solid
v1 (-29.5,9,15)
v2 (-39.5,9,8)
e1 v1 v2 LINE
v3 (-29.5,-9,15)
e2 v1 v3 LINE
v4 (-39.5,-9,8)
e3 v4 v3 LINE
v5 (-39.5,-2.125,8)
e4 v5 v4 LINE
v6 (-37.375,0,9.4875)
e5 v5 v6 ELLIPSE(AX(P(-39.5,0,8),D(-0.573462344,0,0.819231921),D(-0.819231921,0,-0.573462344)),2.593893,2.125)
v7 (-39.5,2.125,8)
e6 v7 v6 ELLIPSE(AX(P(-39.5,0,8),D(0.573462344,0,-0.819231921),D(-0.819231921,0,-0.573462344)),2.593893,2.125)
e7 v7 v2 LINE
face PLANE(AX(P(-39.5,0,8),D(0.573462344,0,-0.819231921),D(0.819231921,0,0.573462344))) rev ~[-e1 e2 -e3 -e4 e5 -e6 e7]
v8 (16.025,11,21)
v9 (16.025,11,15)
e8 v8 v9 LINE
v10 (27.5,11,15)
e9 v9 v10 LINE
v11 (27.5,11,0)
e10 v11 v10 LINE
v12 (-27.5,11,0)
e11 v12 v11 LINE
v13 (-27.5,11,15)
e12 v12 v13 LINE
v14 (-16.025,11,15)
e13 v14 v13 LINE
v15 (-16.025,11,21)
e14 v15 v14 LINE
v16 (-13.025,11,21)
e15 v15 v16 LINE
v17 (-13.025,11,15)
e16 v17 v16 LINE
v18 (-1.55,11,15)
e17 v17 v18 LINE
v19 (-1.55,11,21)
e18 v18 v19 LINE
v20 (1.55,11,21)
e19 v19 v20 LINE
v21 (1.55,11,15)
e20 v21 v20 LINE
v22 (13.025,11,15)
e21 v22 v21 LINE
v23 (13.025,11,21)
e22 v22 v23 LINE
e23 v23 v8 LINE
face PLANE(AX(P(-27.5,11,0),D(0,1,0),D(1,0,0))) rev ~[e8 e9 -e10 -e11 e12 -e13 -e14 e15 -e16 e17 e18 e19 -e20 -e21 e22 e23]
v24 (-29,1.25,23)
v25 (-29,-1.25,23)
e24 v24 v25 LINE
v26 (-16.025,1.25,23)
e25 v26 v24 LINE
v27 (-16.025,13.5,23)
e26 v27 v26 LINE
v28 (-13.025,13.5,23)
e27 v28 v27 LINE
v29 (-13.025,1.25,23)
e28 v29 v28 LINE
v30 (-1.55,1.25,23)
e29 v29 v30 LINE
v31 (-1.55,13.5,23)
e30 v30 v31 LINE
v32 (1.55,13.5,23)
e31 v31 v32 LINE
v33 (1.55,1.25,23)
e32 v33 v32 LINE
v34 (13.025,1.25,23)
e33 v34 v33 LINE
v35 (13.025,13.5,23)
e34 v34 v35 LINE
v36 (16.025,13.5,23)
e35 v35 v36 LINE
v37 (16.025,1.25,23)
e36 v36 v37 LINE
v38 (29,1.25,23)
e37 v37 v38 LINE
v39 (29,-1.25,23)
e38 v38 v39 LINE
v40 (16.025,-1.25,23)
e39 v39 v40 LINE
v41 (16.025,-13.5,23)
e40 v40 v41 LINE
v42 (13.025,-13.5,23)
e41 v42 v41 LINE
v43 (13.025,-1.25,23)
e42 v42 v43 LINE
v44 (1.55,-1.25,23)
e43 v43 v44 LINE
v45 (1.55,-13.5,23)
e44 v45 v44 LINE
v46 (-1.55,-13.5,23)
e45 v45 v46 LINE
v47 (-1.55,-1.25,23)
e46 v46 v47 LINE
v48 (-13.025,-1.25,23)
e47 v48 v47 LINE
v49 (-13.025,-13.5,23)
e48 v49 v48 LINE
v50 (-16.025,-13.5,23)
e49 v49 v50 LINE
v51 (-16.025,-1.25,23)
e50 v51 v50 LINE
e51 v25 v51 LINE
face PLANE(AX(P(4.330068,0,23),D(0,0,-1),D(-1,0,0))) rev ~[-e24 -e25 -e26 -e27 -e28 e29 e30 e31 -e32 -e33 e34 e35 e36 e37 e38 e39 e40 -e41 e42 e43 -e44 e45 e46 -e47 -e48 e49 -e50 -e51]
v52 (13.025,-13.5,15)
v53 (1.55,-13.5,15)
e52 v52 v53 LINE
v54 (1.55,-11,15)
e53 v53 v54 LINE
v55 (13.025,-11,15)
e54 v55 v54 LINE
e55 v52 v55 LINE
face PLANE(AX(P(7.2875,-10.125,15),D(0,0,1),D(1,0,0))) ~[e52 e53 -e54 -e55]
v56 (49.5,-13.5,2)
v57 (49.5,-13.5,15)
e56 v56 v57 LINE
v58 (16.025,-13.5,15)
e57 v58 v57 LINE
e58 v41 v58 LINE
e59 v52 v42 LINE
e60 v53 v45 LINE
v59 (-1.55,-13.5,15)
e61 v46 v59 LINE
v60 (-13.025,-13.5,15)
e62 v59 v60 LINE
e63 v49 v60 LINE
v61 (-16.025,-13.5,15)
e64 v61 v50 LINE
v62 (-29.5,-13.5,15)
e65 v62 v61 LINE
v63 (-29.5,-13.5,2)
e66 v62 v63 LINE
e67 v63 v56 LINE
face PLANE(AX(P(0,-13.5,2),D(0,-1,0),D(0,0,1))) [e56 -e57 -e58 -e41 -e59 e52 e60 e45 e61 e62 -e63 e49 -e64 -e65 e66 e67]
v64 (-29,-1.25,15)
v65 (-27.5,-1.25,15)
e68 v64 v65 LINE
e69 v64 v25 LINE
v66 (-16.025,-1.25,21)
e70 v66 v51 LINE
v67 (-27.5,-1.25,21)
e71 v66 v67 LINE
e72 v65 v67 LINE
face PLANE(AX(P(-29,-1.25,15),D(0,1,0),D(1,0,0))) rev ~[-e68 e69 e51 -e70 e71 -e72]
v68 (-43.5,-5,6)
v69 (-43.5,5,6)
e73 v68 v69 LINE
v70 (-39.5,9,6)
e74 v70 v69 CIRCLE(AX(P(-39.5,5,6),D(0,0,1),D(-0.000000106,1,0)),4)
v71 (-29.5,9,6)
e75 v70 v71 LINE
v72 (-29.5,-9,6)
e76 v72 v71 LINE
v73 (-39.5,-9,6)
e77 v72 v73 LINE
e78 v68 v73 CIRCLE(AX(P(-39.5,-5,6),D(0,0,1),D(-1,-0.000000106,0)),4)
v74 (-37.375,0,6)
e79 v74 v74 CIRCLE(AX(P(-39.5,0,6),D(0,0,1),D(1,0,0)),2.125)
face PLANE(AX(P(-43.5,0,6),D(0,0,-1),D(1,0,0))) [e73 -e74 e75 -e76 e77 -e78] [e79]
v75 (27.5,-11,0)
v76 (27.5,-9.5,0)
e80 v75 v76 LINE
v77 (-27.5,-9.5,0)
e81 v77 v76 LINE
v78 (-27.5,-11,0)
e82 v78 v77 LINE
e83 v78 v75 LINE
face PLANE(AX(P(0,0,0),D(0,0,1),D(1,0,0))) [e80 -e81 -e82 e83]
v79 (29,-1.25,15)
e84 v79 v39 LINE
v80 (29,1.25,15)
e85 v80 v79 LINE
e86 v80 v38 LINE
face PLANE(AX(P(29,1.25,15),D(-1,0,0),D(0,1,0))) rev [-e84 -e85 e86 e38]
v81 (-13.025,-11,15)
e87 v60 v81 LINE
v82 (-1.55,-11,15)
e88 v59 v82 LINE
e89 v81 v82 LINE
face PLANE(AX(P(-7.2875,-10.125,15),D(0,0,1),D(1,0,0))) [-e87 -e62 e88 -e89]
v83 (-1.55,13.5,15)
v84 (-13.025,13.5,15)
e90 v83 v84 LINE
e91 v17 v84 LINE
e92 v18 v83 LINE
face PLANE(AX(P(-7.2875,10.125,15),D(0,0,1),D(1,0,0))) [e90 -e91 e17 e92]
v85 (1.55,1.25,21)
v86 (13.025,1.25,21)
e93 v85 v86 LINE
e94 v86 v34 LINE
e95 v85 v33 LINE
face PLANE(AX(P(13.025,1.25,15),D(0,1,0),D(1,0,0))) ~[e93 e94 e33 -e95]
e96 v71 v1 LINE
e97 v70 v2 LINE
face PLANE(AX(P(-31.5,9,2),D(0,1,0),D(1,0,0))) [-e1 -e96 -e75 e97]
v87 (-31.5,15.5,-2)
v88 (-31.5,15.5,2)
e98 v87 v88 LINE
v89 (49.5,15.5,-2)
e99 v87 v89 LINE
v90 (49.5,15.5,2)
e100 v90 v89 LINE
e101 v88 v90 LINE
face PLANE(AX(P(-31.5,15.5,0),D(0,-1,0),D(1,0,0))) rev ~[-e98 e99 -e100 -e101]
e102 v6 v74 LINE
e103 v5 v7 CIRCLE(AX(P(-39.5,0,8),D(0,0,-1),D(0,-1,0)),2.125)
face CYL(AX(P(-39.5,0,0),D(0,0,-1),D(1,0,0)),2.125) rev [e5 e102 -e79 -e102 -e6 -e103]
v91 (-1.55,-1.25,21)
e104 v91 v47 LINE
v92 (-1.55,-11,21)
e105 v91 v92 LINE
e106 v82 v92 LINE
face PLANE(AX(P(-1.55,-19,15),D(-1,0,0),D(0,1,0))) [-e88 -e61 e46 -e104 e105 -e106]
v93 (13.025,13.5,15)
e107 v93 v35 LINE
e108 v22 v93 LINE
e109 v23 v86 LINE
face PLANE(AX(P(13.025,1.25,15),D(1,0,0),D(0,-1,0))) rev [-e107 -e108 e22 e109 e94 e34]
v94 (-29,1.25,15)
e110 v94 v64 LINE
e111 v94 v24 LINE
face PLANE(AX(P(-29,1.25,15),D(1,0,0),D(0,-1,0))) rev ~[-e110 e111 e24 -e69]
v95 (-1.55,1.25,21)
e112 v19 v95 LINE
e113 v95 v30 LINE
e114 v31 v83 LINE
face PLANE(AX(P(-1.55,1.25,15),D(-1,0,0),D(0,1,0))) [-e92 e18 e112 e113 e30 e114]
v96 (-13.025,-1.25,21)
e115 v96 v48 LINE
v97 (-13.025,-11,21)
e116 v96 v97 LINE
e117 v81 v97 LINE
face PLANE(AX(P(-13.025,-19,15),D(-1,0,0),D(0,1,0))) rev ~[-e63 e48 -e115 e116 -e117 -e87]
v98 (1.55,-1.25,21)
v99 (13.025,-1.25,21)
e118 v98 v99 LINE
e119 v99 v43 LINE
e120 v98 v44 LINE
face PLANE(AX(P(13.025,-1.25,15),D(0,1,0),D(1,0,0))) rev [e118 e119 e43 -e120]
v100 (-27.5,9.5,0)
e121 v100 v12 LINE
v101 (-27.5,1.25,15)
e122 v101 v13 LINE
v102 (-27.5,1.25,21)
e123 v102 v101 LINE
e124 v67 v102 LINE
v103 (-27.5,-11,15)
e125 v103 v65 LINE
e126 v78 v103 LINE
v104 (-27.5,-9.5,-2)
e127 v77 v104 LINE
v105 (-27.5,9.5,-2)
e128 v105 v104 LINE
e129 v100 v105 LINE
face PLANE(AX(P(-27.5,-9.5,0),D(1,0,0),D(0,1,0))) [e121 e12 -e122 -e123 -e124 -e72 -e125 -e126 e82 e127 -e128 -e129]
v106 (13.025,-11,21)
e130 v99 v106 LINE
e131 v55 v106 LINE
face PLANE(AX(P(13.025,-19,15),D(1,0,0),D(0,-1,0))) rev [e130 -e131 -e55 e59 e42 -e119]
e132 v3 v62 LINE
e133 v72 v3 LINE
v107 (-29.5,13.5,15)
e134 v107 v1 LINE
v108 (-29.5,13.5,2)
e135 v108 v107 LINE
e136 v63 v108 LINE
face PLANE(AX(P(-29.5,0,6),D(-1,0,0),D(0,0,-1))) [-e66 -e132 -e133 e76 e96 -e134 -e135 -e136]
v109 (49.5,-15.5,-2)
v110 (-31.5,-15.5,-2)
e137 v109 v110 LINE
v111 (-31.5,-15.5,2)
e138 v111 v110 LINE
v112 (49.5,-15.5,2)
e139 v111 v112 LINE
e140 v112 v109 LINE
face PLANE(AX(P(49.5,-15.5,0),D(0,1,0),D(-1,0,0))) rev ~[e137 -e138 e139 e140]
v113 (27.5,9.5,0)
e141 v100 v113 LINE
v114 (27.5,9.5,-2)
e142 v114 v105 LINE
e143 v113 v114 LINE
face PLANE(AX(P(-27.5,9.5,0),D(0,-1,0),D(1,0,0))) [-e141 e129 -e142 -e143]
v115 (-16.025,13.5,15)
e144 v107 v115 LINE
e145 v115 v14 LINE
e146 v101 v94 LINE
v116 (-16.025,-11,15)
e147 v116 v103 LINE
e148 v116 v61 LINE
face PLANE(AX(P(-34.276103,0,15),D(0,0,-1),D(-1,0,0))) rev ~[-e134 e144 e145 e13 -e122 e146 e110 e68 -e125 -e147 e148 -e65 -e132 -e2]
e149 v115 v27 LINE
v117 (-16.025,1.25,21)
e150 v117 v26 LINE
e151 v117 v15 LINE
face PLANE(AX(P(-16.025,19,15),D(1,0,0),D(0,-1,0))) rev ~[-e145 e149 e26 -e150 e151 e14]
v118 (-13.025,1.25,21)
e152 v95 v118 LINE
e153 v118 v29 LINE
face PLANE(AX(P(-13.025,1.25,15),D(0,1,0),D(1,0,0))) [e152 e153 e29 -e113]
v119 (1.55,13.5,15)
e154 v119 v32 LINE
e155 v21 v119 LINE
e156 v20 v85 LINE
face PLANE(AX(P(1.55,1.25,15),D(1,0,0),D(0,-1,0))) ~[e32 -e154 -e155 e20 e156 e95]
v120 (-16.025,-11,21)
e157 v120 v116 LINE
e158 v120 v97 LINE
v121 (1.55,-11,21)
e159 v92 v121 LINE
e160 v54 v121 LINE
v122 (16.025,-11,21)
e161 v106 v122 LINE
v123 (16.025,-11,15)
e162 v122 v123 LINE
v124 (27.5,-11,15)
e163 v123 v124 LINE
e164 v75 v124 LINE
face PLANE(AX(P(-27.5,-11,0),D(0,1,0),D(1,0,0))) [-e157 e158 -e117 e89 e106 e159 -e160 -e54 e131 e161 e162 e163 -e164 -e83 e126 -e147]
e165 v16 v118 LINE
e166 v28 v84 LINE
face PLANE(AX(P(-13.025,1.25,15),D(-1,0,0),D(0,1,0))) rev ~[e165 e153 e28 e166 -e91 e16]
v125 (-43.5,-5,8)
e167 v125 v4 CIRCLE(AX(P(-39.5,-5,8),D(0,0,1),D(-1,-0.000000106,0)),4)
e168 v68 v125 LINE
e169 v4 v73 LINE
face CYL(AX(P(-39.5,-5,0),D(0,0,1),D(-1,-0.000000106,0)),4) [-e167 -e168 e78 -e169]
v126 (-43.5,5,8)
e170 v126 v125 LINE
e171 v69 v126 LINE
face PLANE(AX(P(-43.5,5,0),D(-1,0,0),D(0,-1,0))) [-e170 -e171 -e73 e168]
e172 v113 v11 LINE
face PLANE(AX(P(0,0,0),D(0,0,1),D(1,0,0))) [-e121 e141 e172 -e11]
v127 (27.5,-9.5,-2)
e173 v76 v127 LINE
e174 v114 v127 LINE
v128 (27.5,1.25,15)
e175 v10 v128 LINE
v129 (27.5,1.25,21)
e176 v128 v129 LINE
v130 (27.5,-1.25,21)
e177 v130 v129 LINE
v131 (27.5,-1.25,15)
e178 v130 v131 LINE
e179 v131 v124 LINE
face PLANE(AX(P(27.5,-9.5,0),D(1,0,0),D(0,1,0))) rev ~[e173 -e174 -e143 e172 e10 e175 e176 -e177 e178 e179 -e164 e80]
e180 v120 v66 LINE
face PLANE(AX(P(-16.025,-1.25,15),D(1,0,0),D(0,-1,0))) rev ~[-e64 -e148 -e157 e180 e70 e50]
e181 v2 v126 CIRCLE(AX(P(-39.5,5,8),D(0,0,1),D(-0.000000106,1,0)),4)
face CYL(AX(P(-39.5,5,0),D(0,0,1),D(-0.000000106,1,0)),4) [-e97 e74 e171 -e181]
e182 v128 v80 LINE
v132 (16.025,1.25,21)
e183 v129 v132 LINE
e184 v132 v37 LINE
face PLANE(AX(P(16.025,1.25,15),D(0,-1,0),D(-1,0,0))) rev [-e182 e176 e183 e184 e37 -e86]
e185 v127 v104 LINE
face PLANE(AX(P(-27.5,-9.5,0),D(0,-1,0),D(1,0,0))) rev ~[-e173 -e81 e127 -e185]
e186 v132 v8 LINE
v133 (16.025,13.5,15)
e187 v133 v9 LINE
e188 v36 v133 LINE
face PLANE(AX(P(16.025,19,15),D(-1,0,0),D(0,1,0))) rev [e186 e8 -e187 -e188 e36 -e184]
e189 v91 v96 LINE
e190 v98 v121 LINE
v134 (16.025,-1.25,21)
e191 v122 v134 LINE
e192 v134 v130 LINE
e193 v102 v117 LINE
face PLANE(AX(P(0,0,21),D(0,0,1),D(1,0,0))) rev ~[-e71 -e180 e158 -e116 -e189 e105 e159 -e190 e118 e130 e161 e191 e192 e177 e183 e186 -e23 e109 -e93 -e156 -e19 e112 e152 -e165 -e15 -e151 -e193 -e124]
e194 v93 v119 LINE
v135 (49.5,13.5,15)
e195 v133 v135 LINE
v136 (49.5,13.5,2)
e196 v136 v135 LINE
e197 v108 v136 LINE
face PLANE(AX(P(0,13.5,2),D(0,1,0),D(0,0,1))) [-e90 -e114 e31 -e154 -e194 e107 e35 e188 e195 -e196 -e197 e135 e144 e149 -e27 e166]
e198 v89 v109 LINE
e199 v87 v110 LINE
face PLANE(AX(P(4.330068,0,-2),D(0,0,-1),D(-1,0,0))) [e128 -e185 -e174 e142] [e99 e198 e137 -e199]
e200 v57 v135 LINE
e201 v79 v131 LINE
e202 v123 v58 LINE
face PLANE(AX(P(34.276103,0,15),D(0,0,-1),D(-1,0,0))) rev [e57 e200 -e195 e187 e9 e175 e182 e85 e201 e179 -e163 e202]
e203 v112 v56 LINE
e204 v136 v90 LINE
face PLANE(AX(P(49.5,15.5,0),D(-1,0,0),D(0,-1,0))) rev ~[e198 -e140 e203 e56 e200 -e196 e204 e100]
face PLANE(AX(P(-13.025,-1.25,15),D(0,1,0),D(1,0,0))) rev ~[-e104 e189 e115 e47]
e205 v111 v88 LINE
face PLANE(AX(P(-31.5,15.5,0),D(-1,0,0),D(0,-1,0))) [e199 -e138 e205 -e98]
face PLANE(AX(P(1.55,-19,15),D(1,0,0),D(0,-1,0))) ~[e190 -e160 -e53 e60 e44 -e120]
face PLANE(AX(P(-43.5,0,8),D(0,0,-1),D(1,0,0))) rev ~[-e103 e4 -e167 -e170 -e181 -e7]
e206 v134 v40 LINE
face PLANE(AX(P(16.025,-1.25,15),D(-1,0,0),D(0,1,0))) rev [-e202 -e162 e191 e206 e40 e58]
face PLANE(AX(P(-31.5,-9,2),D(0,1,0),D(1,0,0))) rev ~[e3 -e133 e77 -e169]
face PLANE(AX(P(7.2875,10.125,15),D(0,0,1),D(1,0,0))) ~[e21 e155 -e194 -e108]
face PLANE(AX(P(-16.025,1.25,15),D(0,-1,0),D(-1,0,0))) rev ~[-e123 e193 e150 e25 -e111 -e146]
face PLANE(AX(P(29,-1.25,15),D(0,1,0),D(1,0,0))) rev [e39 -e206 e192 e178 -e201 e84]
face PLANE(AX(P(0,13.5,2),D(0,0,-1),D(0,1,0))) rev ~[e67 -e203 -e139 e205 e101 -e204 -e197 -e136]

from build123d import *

# Parameters (mm, degrees)
SKETCH033_R          = 2.125
PAD011_DEPTH         = 23
PAD011_DEPTH_BACK    = 2
SKETCH034_W          = 55
SKETCH034_H          = 22
POCKET011_DEPTH      = 21
SKETCH035_W          = 55
SKETCH035_H          = 19
POCKET012_DEPTH      = 2.001
SKETCH036_W          = 11.475
SKETCH036_H          = 17.75
POCKET013_DEPTH      = 210.337354
SKETCH161_W          = 2
SKETCH161_H          = 21
POCKET078_DEPTH      = 43.501
POCKET078_DEPTH_BACK = 49.501
POCKET079_DEPTH      = 15.501
POCKET079_DEPTH_BACK = 15.501
SKETCH163_W          = 2
SKETCH163_H          = 6.5
POCKET080_DEPTH      = 21.001


with BuildPart() as part:
    # Sketch033 → Pad011 (new body, two sides)
    with BuildSketch(Plane.XY) as pad011_sk:
        with BuildLine():
            Line((-31.5, 15.5), (49.5, 15.5))
            Line((49.5, 15.5), (49.5, -15.5))
            Line((49.5, -15.5), (-31.5, -15.5))
            Line((-31.5, -9), (-31.5, -15.5))
            Line((-39.5, -9), (-31.5, -9))
            ThreePointArc((-43.5, -5), (-42.328427, -7.828427), (-39.5, -9))
            Line((-43.5, 5), (-43.5, -5))
            ThreePointArc((-39.5, 9), (-42.328427, 7.828427), (-43.5, 5))
            Line((-31.5, 9), (-39.5, 9))
            Line((-31.5, 15.5), (-31.5, 9))
        make_face()
        with Locations((-39.5, 0)):
            Circle(SKETCH033_R, mode=Mode.SUBTRACT)
    extrude(amount=PAD011_DEPTH)
    extrude(pad011_sk.sketch, amount=-PAD011_DEPTH_BACK)

    # Sketch034 → Pocket011 (cut)
    with BuildSketch(Plane.XY):
        Rectangle(SKETCH034_W, SKETCH034_H)
    extrude(amount=POCKET011_DEPTH, mode=Mode.SUBTRACT)

    # Sketch035 → Pocket012 (cut, through all)
    with BuildSketch(Plane.XY):
        Rectangle(SKETCH035_W, SKETCH035_H)
    extrude(amount=-POCKET012_DEPTH, mode=Mode.SUBTRACT)

    # Sketch036 → Pocket013 (cut, through all)
    with BuildSketch(Plane.XY.offset(15)):
        Polygon((-56.025, 19), (-16.025, 19), (-16.025, 1.25), (-29, 1.25), (-29, -1.25), (-16.025, -1.25), (-16.025, -19), (-56.025, -19), align=None)
        with Locations((-7.2875, -10.125)):
            Rectangle(SKETCH036_W, SKETCH036_H)
        with Locations((-7.2875, 10.125)):
            Rectangle(SKETCH036_W, SKETCH036_H)
    pocket013 = extrude(amount=POCKET013_DEPTH, mode=Mode.SUBTRACT)

    # Mirrored006: Pocket013 across YZ
    add(pocket013.mirror(Plane.YZ), mode=Mode.SUBTRACT)

    # Sketch161 → Pocket078 (cut, two sides)
    with BuildSketch(Plane.YZ) as pocket078_sk:
        with Locations((-14.5, 12.5)):
            Rectangle(SKETCH161_W, SKETCH161_H)
        with Locations((14.5, 12.5)):
            Rectangle(SKETCH161_W, SKETCH161_H)
    extrude(amount=-POCKET078_DEPTH, mode=Mode.SUBTRACT)
    extrude(pocket078_sk.sketch, amount=POCKET078_DEPTH_BACK, mode=Mode.SUBTRACT)

    # Sketch162 → Pocket079 (cut, two sides)
    with BuildSketch(Plane.XZ) as pocket079_sk:
        Polygon((-43.5, 6), (-29.5, 6), (-29.5, 2), (-31.5, 2), (-31.5, -2), (-43.5, -2), (-43.5, 2), align=None)
        Polygon((-29.5, 15), (-43.5, 15), (-43.5, 8), (-39.5, 8), align=None)
    extrude(amount=-POCKET079_DEPTH, mode=Mode.SUBTRACT)
    extrude(pocket079_sk.sketch, amount=POCKET079_DEPTH_BACK, mode=Mode.SUBTRACT)

    # Sketch163 → Pocket080 (cut, through all)
    with BuildSketch(Plane.XY.offset(2)):
        with Locations((-30.5, 12.25)):
            Rectangle(SKETCH163_W, SKETCH163_H)
        with Locations((-30.5, -12.25)):
            Rectangle(SKETCH163_W, SKETCH163_H)
    extrude(amount=POCKET080_DEPTH, mode=Mode.SUBTRACT)


solid = part.part
